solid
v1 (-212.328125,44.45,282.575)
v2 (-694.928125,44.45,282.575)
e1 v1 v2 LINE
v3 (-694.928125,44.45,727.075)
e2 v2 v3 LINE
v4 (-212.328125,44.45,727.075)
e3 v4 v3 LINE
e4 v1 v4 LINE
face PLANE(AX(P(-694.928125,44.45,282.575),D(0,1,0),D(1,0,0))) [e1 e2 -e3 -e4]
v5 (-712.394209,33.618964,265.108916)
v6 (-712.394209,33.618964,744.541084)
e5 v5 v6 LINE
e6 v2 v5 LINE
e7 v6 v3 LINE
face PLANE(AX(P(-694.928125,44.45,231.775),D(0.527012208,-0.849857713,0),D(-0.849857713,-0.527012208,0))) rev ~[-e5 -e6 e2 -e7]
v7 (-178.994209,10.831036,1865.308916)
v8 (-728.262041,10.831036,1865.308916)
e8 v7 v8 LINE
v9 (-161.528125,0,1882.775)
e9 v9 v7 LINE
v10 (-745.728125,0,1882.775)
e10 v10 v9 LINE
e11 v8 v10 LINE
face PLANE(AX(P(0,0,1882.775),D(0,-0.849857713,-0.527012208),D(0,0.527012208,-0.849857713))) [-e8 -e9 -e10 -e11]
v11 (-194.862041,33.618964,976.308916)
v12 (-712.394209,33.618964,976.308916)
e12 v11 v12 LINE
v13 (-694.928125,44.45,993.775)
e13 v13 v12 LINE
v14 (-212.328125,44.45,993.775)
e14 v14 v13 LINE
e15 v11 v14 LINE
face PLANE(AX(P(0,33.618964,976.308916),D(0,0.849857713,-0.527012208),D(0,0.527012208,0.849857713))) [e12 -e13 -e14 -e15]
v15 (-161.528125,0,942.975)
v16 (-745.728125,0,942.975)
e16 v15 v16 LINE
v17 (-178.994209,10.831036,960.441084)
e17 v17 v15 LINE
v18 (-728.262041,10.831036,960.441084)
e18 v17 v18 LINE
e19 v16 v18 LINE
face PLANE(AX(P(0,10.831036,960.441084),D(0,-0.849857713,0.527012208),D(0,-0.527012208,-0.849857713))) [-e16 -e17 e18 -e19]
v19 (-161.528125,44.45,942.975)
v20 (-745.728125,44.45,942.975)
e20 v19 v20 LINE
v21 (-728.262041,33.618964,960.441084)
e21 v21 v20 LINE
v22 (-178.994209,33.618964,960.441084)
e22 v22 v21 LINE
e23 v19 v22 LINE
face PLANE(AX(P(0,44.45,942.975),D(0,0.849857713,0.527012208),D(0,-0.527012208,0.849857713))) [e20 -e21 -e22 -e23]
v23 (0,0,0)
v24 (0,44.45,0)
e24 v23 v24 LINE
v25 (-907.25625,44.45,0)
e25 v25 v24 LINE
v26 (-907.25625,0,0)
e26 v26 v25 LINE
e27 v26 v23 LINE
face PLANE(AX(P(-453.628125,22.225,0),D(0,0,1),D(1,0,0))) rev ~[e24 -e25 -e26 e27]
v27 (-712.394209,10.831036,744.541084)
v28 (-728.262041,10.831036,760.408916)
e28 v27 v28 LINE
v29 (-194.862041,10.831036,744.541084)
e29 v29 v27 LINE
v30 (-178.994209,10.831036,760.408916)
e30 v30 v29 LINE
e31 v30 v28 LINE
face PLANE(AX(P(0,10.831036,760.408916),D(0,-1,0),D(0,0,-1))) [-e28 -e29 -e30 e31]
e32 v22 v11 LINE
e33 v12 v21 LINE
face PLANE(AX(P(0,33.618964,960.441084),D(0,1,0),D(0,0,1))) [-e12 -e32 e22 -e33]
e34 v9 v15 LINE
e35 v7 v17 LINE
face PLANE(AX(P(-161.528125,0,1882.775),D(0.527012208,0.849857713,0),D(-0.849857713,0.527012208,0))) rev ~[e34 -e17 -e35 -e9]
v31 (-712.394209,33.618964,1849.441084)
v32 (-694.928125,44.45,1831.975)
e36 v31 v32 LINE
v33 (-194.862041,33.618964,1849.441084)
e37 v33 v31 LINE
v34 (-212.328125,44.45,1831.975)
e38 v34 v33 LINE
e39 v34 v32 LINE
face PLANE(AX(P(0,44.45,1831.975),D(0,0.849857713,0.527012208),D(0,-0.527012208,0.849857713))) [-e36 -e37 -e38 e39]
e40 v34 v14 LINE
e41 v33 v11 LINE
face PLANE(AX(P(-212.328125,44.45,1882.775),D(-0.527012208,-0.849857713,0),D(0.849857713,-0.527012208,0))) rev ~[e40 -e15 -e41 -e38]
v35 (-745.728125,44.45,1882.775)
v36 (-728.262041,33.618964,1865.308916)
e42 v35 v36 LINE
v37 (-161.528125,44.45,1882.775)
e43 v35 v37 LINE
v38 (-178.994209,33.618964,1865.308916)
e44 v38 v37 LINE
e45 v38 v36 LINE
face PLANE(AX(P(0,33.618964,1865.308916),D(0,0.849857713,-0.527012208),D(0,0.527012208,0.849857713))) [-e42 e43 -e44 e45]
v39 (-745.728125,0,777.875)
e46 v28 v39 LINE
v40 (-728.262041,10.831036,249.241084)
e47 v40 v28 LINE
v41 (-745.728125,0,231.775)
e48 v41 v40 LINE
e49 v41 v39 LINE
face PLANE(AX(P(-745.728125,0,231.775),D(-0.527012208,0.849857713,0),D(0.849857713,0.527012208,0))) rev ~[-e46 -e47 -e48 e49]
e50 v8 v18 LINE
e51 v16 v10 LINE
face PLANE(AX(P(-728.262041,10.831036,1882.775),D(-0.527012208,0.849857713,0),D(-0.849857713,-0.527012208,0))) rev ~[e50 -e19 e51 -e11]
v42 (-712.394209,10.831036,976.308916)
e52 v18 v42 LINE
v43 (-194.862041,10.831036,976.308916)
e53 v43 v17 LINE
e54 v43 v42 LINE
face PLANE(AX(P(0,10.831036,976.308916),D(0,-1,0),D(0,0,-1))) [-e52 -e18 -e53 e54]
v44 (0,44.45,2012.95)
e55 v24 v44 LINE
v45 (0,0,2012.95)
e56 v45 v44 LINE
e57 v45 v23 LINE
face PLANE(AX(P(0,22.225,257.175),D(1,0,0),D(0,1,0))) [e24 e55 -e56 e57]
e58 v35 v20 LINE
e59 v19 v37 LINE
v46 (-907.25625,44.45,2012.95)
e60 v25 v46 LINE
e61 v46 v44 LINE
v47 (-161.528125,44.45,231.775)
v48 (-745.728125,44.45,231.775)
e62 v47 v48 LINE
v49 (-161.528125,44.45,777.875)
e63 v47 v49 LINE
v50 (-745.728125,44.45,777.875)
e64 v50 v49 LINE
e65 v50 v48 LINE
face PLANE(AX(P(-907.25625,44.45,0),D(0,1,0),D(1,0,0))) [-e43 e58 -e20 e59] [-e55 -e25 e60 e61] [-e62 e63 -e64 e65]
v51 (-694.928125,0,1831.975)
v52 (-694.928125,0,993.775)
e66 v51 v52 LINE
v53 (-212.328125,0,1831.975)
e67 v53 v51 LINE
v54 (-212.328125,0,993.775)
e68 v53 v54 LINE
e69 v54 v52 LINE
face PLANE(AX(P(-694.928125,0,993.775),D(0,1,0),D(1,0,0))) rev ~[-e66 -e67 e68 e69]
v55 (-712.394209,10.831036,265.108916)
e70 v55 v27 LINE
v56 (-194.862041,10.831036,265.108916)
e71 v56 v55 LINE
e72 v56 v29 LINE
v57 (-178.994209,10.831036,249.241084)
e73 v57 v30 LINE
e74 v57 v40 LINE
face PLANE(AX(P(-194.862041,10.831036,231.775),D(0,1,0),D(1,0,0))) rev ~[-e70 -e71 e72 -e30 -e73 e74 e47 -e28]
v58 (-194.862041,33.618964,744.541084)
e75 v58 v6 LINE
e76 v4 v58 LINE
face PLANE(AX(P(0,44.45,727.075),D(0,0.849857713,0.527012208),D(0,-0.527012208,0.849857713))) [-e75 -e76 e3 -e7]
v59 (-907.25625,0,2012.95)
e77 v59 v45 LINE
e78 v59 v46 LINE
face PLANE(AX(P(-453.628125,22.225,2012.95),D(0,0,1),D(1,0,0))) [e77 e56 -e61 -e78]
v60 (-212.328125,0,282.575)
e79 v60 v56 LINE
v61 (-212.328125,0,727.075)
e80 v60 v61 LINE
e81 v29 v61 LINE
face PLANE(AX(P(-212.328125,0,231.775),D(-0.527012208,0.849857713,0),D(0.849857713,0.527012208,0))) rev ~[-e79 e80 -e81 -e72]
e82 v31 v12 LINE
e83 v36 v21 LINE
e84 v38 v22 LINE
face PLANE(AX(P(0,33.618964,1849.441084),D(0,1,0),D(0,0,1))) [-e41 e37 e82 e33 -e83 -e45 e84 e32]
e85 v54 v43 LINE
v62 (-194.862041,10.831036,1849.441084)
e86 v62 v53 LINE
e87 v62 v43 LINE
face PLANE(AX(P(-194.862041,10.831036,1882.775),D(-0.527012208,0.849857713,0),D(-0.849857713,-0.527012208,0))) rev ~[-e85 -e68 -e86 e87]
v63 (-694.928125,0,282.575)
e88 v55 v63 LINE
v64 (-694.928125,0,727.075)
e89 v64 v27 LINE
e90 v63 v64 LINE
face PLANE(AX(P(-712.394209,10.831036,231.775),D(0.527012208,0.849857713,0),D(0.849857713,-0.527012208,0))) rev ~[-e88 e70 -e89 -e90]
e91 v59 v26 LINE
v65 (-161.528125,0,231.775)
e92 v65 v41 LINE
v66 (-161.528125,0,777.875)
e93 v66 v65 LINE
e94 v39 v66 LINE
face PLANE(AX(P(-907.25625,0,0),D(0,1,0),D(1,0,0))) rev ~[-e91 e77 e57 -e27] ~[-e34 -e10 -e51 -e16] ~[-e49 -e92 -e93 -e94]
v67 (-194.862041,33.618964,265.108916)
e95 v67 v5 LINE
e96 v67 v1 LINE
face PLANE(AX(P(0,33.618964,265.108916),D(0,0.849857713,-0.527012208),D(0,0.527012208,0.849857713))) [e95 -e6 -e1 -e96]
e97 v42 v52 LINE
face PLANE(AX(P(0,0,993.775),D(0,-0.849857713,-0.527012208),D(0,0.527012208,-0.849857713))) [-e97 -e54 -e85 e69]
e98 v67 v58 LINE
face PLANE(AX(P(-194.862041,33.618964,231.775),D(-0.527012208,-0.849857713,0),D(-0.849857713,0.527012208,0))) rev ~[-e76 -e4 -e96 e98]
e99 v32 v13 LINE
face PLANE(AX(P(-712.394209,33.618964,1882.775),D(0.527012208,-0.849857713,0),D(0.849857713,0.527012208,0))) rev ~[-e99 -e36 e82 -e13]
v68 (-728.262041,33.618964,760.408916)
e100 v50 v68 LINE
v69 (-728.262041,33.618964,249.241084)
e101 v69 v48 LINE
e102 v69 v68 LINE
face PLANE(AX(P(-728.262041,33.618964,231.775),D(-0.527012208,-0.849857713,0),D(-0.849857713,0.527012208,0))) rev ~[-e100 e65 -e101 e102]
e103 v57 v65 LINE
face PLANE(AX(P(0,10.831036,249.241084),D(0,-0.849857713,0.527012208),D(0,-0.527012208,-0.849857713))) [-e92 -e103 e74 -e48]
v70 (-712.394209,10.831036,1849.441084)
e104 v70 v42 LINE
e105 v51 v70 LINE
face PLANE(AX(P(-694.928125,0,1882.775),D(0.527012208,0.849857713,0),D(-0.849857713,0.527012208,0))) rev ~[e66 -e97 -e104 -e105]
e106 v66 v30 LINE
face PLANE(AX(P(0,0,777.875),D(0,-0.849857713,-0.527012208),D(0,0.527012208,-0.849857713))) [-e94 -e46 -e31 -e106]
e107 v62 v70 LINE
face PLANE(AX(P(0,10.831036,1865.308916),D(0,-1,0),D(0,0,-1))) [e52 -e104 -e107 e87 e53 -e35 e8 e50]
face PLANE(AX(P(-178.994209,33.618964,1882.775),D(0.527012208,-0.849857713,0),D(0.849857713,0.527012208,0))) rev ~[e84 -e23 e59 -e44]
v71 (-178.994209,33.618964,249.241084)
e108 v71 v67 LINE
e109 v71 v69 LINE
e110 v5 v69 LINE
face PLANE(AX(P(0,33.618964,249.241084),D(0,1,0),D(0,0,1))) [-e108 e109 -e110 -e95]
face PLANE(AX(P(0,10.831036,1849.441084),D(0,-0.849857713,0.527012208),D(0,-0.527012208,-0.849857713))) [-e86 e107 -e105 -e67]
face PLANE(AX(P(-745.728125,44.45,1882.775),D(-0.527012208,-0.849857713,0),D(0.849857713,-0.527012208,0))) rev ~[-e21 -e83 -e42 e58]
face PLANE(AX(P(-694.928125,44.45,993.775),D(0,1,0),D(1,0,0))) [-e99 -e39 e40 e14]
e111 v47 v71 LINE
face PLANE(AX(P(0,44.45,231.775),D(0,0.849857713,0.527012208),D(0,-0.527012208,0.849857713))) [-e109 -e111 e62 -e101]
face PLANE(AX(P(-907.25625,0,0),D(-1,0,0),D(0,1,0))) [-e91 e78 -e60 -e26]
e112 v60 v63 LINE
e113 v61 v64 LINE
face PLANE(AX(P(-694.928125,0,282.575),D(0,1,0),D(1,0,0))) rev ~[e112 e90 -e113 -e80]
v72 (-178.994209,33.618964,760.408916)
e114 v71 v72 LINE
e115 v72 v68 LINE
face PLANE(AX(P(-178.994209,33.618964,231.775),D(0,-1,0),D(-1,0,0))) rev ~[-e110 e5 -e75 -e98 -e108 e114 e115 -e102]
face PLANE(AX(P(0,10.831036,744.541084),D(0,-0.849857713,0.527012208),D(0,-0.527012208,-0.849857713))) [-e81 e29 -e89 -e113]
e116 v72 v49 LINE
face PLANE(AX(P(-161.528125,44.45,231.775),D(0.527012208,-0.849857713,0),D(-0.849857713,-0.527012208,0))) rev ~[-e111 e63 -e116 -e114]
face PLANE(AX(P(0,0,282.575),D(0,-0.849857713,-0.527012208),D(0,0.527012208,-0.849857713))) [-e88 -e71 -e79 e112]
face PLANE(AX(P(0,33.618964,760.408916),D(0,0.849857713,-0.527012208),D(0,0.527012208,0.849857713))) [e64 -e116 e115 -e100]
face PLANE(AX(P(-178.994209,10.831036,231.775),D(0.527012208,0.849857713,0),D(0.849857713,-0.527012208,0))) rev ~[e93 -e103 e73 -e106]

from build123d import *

# Parameters (mm, degrees)
F0_W      = 907.25625
F0_H      = 44.45
F1_DEPTH  = 2012.95
F2_W      = 584.2
F2_H      = 546.1
F3_DEPTH  = 44.451
F8_DEPTH  = 939.8
F9_DEPTH  = 546.1
F11_DEPTH = 44.451
F13_DEPTH = 907.25625
F15_DEPTH = 44.4510000001
F17_W     = 482.6000000008
F17_H     = 44.4500000001
F18_DEPTH = 838.2
F19_W     = 482.6000000007
F19_H     = 44.45
F20_DEPTH = 444.5


with BuildPart() as f1:
    # F0 (on Top) → F1 (new body)
    with BuildSketch(Plane.XY):
        with Locations((-453.628125, 22.225)):
            Rectangle(F0_W, F0_H)
    extrude(amount=F1_DEPTH)

    # F2 (on Front) → F3 (cut, through all)
    with BuildSketch(Plane.XZ):
        Polygon((-745.728125, 1882.775), (-745.728125, 942.975), (-161.528125, 942.975), (-161.528125, 1882.775), (-453.628125, 1882.775), align=None)
        with Locations((-453.628125, 504.825)):
            Rectangle(F2_W, F2_H)
    extrude(amount=-F3_DEPTH, mode=Mode.SUBTRACT)

    # F6 (on face) → F8 (join, through all)
    with BuildSketch(Plane(origin=(0, 0, 1882.775), x_dir=(1, 0, 0), z_dir=(0, 0, -1))):
        Polygon((-694.928125, -22.225), (-694.928125, 0), (-712.3942085743, -10.8310357451), (-720.328125, -10.8310357451), (-728.2620414257, -10.8310357451), (-745.728125, 0), (-745.728125, -22.225), (-745.728125, -44.45), (-728.2620414257, -33.6189642549), (-720.328125, -33.6189642549), (-712.3942085743, -33.6189642549), (-694.928125, -44.45), align=None)
        Polygon((-212.328125, -22.225), (-212.328125, -44.45), (-194.8620414257, -33.6189642549), (-186.928125, -33.6189642549), (-178.9942085743, -33.6189642549), (-161.528125, -44.45), (-161.528125, -22.225), (-161.528125, 0), (-178.9942085743, -10.8310357451), (-186.928125, -10.8310357451), (-194.8620414257, -10.8310357451), (-212.328125, 0), align=None)
    extrude(amount=F8_DEPTH)

    # F7 (on face) → F9 (join, through all)
    with BuildSketch(Plane.XY.offset(231.775)):
        Polygon((-745.728125, 22.225), (-745.728125, 0), (-728.2620414257, 10.8310357451), (-720.328125, 10.8310357451), (-712.3942085743, 10.8310357451), (-694.928125, 0), (-694.928125, 22.225), (-694.928125, 44.45), (-712.3942085743, 33.6189642549), (-720.328125, 33.6189642549), (-728.2620414257, 33.6189642549), (-745.728125, 44.45), align=None)
        Polygon((-212.328125, 44.45), (-212.328125, 22.225), (-212.328125, 0), (-194.8620414257, 10.8310357451), (-186.928125, 10.8310357451), (-178.9942085743, 10.8310357451), (-161.528125, 0), (-161.528125, 22.225), (-161.528125, 44.45), (-178.9942085743, 33.6189642549), (-186.928125, 33.6189642549), (-194.8620414257, 33.6189642549), align=None)
    extrude(amount=F9_DEPTH)

    # F10 (on Front) → F11 (cut, through all)
    with BuildSketch(Plane.XZ):
        Polygon((-745.728125, 1882.775), (-453.628125, 1590.675), (-161.528125, 1882.775), (-212.328125, 1882.775), (-694.928125, 1882.775), align=None)
        Polygon((-161.528125, 942.975), (-453.628125, 1235.075), (-745.728125, 942.975), (-694.928125, 942.975), (-212.328125, 942.975), align=None)
        Polygon((-161.528125, 777.875), (-212.328125, 777.875), (-694.928125, 777.875), (-745.728125, 777.875), (-472.678125, 504.825), (-453.628125, 523.875), (-434.578125, 504.825), align=None)
        Polygon((-161.528125, 231.775), (-434.578125, 504.825), (-453.628125, 485.775), (-472.678125, 504.825), (-745.728125, 231.775), (-694.928125, 231.775), (-212.328125, 231.775), align=None)
        Polygon((-453.628125, 485.775), (-434.578125, 504.825), (-453.628125, 523.875), (-472.678125, 504.825), align=None)
    extrude(amount=-F11_DEPTH, mode=Mode.SUBTRACT)


with BuildPart() as f13:
    # F12 (on Right) → F13 (new body, through all)
    with BuildSketch(Plane.YZ):
        Polygon((44.45, 1882.775), (0, 1882.775), (10.8310357451, 1865.3089164258), (10.8310357451, 1849.4410835743), (0, 1831.975), (44.45, 1831.975), (33.6189642549, 1849.4410835743), (33.6189642549, 1865.3089164256), align=None)
    extrude(amount=-F13_DEPTH)


with BuildPart() as f13b:
    # F12 (on Right) → F13, piece 2 (new body, through all)
    with BuildSketch(Plane.YZ):
        Polygon((10.8310357452, 960.4410835743), (1e-10, 942.9750000002), (44.45, 942.975), (33.6189642548, 960.4410835744), (33.6189642549, 976.3089164258), (44.45, 993.775), (0, 993.775), (10.831035745, 976.308916426), align=None)
    extrude(amount=-F13_DEPTH)


with BuildPart() as f13c:
    # F12 (on Right) → F13, piece 3 (new body, through all)
    with BuildSketch(Plane.YZ):
        Polygon((33.6189642549, 744.5410835742), (33.6189642549, 760.4089164257), (44.4499999998, 777.8749999997), (0, 777.875), (10.831035745, 760.4089164259), (10.8310357451, 744.5410835743), (1e-10, 727.0750000001), (44.45, 727.075), align=None)
    extrude(amount=-F13_DEPTH)


with BuildPart() as f13d:
    # F12 (on Right) → F13, piece 4 (new body, through all)
    with BuildSketch(Plane.YZ):
        Polygon((44.45, 231.7749999998), (33.618964255, 249.241083574), (33.6189642549, 265.1089164257), (44.4499999999, 282.5749999998), (0, 282.575), (10.8310357451, 265.1089164258), (10.8310357451, 249.2410835743), (0, 231.7750000002), align=None)
    extrude(amount=-F13_DEPTH)


with BuildPart() as f15_tool:
    # F14 (on Front) → F15 (new body, through all)
    with BuildSketch(Plane.XZ):
        Polygon((-745.728125, 777.875), (-745.728125, 231.775), (-472.678125, 504.825), align=None)
        Polygon((-161.528125, 777.875), (-434.578125, 504.825), (-161.528125, 231.775), align=None)
        Polygon((-453.628125, 523.875), (-472.678125, 504.825), (-453.628125, 485.775), (-434.578125, 504.825), align=None)
        Polygon((-161.528125, 1882.775), (-453.628125, 1590.675), (-745.728125, 1882.775), (-745.728125, 942.975), (-453.628125, 1235.075), (-161.528125, 942.975), align=None)
    extrude(amount=-F15_DEPTH)


with BuildPart() as f13_1:
    add(f13.part)

    # F15: cut by f15_tool
    add(f15_tool.part, mode=Mode.SUBTRACT)


with BuildPart() as f13b_1:
    add(f13b.part)

    # F15: cut by f15_tool
    add(f15_tool.part, mode=Mode.SUBTRACT)


with BuildPart() as f13c_1:
    add(f13c.part)

    # F15: cut by f15_tool
    add(f15_tool.part, mode=Mode.SUBTRACT)


with BuildPart() as f13d_1:
    add(f13d.part)

    # F15: cut by f15_tool
    add(f15_tool.part, mode=Mode.SUBTRACT)


with BuildPart() as f1_1:
    add(f1.part)

    # F16: union F13, F13b, F13c, F13d
    add(f13_1.part)
    add(f13b_1.part)
    add(f13c_1.part)
    add(f13d_1.part)

    # F17 (on face) → F18 (join, through all)
    with BuildSketch(Plane.XY.offset(993.775)):
        with Locations((-453.6281250004, 22.2249999999)):
            Rectangle(F17_W, F17_H)
    extrude(amount=F18_DEPTH)

    # F19 (on face) → F20 (join, through all)
    with BuildSketch(Plane.XY.offset(282.575)):
        with Locations((-453.6281250003, 22.225)):
            Rectangle(F19_W, F19_H)
    extrude(amount=F20_DEPTH)


solid = f1_1.part
